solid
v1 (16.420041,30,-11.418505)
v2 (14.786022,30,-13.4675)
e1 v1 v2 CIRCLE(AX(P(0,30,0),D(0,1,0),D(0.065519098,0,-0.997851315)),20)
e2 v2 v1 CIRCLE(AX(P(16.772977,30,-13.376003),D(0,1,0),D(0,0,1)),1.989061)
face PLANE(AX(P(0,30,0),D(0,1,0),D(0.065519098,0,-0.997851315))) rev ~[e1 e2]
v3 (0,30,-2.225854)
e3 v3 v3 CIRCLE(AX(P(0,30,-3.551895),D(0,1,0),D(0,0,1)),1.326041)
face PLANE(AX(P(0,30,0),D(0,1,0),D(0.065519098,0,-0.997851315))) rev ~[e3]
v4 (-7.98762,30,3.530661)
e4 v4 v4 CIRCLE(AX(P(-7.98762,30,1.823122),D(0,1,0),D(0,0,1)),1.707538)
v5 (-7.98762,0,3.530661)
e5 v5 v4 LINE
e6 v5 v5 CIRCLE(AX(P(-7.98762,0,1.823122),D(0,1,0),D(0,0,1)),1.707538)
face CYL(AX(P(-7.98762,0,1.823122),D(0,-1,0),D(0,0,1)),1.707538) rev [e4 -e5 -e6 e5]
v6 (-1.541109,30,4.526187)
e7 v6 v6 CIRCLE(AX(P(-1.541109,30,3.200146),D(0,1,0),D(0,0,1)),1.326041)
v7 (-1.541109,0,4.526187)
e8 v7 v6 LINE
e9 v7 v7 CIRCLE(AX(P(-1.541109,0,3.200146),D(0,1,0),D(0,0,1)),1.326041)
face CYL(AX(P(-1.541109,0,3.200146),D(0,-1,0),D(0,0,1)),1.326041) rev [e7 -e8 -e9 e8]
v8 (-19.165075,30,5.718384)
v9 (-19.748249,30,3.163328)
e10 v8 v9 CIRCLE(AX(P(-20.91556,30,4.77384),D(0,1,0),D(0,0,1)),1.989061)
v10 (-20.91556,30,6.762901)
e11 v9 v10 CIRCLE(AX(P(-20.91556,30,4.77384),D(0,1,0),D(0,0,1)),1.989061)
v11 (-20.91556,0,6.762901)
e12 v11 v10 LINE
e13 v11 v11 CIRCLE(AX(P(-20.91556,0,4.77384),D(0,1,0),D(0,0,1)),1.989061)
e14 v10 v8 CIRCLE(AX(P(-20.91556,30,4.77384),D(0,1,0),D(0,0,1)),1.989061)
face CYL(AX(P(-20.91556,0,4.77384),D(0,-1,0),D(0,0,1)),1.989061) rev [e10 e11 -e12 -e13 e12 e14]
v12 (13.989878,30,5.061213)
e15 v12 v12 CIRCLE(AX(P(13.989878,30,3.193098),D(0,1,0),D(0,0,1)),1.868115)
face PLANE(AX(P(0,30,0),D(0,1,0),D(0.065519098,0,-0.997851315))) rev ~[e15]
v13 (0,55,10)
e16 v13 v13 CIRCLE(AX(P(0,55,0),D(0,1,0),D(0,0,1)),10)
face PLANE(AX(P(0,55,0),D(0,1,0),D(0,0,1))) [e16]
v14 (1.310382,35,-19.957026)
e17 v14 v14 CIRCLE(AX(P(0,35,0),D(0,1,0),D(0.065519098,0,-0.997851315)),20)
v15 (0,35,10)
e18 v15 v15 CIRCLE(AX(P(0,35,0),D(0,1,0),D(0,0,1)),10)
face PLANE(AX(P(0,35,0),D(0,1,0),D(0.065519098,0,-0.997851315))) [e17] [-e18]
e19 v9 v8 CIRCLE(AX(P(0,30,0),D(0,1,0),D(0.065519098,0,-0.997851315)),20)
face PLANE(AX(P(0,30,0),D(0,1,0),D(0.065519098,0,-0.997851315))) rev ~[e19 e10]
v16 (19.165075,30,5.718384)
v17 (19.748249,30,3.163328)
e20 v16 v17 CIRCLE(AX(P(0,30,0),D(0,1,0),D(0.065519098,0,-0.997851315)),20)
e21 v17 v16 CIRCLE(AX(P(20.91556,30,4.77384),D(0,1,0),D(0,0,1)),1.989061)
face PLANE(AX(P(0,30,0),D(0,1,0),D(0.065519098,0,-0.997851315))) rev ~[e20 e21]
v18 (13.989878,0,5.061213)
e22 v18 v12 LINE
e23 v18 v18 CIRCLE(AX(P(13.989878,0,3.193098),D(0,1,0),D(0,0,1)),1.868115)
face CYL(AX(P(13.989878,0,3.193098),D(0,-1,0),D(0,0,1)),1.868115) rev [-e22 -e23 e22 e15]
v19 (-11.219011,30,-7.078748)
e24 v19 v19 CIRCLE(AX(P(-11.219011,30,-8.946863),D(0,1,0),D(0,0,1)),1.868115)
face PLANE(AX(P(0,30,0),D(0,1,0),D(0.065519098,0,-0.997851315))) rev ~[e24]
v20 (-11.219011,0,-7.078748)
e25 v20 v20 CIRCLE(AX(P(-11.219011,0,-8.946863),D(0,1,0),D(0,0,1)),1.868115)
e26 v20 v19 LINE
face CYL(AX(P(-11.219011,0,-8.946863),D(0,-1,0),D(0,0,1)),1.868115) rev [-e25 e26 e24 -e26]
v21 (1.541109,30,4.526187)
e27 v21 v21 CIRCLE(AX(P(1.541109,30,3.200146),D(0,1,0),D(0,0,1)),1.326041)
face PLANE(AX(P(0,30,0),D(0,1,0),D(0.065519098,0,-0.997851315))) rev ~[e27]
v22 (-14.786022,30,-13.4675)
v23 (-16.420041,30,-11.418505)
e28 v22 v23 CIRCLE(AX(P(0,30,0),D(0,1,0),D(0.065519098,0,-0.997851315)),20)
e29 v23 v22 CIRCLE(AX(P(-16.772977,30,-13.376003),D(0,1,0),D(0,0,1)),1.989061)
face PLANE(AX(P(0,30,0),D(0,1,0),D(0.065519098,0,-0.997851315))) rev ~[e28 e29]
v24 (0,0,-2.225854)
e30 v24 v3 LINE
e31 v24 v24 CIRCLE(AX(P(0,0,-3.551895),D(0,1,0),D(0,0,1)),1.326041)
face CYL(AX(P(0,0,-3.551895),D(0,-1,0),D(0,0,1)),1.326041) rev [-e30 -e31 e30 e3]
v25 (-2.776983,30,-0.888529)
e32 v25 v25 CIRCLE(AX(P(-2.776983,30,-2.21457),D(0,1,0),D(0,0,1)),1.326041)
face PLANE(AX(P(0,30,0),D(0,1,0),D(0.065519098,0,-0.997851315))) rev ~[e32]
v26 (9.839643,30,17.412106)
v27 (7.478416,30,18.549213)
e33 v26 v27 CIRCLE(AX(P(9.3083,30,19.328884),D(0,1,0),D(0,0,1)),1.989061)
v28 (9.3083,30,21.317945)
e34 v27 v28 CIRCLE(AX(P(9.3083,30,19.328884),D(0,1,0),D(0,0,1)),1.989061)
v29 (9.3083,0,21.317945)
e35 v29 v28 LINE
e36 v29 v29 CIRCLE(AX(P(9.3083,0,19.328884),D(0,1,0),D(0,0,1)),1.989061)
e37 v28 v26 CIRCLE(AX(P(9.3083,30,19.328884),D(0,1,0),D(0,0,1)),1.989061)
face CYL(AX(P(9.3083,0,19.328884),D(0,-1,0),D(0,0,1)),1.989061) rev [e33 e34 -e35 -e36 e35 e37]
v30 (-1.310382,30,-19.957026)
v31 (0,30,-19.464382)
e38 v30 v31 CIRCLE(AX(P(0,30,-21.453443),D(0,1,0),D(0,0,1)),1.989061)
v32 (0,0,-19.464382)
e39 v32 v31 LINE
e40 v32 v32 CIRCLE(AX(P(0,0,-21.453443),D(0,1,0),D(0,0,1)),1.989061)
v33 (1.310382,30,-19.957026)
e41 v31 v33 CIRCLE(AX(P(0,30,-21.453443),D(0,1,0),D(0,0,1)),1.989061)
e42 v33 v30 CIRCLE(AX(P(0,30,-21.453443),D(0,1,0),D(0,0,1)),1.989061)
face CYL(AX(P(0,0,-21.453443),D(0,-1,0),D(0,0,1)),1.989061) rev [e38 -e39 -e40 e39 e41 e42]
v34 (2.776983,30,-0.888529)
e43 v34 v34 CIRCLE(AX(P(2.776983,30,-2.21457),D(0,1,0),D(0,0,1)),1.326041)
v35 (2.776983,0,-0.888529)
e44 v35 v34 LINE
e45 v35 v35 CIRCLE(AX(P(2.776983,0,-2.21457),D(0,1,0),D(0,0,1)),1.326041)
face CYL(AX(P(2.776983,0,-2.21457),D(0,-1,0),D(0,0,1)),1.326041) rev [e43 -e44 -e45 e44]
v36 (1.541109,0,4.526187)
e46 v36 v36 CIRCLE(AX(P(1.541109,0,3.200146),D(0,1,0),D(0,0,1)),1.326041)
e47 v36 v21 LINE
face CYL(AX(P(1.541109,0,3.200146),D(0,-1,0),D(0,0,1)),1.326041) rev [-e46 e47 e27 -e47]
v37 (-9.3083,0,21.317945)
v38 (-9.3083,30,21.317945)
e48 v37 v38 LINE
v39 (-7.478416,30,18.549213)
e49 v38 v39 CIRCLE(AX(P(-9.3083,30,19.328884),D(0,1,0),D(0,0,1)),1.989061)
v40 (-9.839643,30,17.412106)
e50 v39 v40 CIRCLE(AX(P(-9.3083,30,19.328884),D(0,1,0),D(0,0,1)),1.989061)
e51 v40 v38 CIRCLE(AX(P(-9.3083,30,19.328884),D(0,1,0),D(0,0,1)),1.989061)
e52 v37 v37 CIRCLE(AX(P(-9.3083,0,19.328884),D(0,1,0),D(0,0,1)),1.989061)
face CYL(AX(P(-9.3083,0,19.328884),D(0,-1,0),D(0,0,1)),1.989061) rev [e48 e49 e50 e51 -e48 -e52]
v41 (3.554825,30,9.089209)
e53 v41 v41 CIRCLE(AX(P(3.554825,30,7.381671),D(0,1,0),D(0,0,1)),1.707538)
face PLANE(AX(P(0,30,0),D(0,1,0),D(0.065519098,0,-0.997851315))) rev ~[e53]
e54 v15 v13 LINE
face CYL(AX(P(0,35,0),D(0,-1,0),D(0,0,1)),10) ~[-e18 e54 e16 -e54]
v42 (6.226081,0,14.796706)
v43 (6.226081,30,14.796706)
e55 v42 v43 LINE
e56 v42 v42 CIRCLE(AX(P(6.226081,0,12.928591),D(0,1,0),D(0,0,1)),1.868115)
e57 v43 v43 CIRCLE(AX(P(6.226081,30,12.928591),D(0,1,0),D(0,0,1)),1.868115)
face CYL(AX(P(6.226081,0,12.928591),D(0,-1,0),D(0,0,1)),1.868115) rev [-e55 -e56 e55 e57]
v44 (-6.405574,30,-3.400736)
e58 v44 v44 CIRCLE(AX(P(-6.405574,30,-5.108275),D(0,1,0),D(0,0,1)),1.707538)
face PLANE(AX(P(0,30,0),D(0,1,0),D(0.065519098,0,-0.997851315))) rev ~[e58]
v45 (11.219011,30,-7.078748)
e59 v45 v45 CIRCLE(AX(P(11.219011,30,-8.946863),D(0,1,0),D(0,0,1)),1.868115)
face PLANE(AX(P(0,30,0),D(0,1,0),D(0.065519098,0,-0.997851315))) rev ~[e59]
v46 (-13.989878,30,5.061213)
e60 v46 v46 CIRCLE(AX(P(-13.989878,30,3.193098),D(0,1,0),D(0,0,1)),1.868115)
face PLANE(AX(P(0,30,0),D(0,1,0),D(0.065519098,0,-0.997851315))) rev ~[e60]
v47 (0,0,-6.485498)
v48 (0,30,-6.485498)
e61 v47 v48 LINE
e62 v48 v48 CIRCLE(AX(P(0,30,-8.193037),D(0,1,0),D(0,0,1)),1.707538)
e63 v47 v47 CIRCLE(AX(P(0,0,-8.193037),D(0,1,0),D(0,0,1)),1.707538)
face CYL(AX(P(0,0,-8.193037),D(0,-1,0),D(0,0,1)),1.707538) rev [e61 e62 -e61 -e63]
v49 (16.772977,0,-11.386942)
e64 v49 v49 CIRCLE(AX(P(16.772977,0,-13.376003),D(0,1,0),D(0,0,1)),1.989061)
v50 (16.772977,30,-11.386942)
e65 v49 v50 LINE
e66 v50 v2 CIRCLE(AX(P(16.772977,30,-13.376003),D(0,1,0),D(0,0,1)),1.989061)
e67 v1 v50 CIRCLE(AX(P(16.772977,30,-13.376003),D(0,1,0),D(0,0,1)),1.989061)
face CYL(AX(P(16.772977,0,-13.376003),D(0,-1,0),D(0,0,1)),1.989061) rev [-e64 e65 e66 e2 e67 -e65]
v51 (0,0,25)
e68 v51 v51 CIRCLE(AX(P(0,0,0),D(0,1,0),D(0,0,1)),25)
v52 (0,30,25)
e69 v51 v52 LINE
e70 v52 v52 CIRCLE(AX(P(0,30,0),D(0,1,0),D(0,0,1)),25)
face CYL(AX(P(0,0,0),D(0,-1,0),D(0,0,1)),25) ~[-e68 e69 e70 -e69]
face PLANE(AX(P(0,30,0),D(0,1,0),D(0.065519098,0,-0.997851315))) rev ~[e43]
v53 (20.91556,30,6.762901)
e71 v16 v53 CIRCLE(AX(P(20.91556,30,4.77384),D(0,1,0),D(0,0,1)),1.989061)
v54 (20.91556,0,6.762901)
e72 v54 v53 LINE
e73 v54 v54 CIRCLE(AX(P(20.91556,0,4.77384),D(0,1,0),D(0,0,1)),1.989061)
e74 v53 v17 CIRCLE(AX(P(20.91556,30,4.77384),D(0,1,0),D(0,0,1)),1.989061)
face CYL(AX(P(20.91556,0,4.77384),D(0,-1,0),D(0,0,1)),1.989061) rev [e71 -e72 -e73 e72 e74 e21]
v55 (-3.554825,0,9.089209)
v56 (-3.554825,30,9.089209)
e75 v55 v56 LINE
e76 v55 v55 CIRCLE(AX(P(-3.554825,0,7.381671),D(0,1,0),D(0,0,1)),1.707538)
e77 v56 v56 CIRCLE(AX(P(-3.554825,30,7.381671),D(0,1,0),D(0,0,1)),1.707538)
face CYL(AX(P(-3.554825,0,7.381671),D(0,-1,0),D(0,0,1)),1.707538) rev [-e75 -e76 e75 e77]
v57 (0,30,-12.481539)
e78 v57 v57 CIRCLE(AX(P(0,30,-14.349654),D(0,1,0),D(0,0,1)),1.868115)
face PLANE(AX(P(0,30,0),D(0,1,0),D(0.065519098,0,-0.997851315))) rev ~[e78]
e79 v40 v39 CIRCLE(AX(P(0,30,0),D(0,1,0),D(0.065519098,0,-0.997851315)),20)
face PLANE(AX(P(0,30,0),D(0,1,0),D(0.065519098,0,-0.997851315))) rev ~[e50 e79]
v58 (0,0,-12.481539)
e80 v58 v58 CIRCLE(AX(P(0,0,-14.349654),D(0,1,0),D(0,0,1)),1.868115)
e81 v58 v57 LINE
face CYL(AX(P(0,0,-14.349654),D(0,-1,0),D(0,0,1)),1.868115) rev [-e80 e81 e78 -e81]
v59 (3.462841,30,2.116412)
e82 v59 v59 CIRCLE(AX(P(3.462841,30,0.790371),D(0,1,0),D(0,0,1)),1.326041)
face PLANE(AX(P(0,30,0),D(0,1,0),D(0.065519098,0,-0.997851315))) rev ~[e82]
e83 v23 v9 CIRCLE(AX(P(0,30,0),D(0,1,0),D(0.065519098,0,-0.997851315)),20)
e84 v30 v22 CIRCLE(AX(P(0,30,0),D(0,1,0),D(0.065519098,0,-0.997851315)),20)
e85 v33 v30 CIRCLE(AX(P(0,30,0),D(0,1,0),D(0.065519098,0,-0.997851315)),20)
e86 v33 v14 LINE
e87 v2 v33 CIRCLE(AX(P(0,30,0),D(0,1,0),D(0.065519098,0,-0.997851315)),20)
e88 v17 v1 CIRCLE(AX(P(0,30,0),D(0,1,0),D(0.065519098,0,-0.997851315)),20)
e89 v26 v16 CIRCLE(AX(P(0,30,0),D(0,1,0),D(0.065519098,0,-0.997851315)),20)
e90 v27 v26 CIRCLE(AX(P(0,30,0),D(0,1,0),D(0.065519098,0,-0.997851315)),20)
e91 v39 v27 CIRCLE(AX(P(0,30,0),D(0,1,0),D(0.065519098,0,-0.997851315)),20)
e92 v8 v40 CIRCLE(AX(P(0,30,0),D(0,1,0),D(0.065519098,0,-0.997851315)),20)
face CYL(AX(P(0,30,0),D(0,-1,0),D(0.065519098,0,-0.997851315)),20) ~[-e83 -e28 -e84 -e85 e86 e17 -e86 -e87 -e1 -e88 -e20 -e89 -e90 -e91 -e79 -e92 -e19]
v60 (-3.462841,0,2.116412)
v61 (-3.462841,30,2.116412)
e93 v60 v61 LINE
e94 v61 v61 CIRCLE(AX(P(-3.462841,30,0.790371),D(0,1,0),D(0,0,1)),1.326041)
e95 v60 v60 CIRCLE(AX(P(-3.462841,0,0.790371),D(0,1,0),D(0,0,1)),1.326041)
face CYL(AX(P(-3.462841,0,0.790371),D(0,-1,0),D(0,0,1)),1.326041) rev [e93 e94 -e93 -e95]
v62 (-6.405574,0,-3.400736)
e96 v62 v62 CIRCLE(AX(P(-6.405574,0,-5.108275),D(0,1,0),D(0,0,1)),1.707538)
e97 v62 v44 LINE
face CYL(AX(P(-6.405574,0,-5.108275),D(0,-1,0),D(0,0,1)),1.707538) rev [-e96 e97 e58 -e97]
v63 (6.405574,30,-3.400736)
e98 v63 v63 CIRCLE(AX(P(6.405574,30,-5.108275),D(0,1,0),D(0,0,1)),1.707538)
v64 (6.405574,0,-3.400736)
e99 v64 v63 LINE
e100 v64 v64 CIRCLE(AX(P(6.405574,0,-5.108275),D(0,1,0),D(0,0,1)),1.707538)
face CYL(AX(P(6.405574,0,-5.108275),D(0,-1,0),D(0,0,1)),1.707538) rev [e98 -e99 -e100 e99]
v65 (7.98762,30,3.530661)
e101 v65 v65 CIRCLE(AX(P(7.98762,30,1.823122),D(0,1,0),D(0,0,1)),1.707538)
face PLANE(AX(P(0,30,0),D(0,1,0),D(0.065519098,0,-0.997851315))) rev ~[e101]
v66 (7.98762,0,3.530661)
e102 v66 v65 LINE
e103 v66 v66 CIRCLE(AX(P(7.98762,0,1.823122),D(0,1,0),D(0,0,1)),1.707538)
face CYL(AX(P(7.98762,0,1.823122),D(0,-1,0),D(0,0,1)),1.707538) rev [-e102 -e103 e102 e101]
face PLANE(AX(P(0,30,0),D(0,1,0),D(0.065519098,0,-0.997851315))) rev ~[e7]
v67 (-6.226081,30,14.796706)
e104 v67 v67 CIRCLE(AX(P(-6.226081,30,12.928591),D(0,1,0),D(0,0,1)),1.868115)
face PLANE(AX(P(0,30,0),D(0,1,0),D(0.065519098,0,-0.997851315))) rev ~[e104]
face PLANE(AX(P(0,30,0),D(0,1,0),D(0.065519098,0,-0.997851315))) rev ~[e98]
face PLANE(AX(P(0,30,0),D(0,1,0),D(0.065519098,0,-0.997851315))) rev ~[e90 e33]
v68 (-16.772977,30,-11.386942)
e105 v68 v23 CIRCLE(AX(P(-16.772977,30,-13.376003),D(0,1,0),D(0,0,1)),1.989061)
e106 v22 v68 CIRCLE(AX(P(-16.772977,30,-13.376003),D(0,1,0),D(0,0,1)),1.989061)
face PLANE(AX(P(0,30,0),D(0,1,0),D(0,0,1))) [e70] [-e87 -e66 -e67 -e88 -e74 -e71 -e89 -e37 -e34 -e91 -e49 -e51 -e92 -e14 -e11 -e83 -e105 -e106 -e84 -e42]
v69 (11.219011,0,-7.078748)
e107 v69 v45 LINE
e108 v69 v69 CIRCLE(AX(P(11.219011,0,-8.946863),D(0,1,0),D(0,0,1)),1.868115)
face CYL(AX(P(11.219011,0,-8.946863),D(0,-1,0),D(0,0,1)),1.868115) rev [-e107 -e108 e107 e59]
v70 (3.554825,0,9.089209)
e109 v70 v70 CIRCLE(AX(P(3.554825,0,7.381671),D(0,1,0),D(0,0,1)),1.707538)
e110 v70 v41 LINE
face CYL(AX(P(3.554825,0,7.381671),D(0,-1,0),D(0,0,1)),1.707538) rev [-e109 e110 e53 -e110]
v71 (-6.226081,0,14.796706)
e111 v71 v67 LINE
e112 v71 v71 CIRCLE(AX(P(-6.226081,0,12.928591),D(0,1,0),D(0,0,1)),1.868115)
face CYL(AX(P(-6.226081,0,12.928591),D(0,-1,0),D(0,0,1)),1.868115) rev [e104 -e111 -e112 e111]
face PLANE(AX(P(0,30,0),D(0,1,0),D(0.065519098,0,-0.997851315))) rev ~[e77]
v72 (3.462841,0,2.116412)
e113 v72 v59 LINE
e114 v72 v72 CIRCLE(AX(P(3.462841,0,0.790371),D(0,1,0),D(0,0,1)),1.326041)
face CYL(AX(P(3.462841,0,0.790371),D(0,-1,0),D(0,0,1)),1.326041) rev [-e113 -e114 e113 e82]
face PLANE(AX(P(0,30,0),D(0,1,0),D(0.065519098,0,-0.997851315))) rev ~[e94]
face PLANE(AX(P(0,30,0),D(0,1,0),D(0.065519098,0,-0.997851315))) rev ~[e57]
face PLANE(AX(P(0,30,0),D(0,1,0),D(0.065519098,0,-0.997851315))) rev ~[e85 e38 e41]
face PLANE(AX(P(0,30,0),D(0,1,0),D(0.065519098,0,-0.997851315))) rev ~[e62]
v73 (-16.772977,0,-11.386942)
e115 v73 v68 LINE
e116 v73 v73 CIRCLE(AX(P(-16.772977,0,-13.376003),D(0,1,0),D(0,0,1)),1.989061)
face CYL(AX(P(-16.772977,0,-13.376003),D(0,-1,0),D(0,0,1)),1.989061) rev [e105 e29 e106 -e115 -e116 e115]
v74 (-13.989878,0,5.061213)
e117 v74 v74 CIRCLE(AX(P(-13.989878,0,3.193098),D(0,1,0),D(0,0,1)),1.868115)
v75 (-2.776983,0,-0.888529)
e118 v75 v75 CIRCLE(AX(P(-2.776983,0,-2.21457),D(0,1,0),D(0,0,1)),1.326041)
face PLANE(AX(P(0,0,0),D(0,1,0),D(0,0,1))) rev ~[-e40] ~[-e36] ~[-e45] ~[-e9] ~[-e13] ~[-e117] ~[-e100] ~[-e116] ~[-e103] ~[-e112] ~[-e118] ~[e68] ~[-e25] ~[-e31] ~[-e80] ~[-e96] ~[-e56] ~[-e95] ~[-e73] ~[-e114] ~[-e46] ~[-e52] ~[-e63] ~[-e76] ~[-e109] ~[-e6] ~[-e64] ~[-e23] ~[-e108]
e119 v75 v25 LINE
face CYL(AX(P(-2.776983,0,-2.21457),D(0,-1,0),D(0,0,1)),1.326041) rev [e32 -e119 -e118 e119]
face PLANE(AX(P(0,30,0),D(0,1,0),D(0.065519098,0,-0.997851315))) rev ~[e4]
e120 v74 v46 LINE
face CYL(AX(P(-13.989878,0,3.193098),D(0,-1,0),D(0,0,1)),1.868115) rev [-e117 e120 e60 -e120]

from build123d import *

# Parameters (mm, degrees)
SKETCH_1_R      = 25
SKETCH_1_R_2    = 1.326040619
SKETCH_1_R_3    = 1.707538373
SKETCH_1_R_4    = 1.989060928
SKETCH_1_R_5    = 1.868114934
EXTRUDE_1_DEPTH = 30
SKETCH_2_R      = 20
EXTRUDE_2_DEPTH = 5
SKETCH_3_R      = 10
EXTRUDE_3_DEPTH = 20


with BuildPart() as part:
    # 草图1 → 凸台-拉伸1 (new body)
    with BuildSketch(Plane(origin=(0, 0, 0), x_dir=(1, 0, 0), z_dir=(0, 1, 0))):
        with Locations(Location((0, 0, 0), (0, 0, 270))):
            Circle(SKETCH_1_R)
        with Locations(Location((0, 3.551894514, 0), (0, 0, 270))):
            Circle(SKETCH_1_R_2, mode=Mode.SUBTRACT)
        with Locations(Location((0, 8.19303668, 0), (0, 0, 270))):
            Circle(SKETCH_1_R_3, mode=Mode.SUBTRACT)
        with Locations(Location((0, 21.453442867, 0), (0, 0, 270))):
            Circle(SKETCH_1_R_4, mode=Mode.SUBTRACT)
        with Locations(Location((0, 14.349653838, 0), (0, 0, 270))):
            Circle(SKETCH_1_R_5, mode=Mode.SUBTRACT)
        with Locations(Location((2.776982954, 2.214570007, 0), (0, 0, 270))):
            Circle(SKETCH_1_R_2, mode=Mode.SUBTRACT)
        with Locations(Location((6.405574013, 5.108274816, 0), (0, 0, 270))):
            Circle(SKETCH_1_R_3, mode=Mode.SUBTRACT)
        with Locations(Location((11.219011133, 8.946862828, 0), (0, 0, 270))):
            Circle(SKETCH_1_R_5, mode=Mode.SUBTRACT)
        with Locations(Location((16.77297704, 13.376002842, 0), (0, 0, 270))):
            Circle(SKETCH_1_R_4, mode=Mode.SUBTRACT)
        with Locations(Location((3.462841103, -0.790370885, 0), (0, 0, 270))):
            Circle(SKETCH_1_R_2, mode=Mode.SUBTRACT)
        with Locations(Location((7.987620145, -1.823122174, 0), (0, 0, 270))):
            Circle(SKETCH_1_R_3, mode=Mode.SUBTRACT)
        with Locations(Location((13.989878057, -3.193098374, 0), (0, 0, 270))):
            Circle(SKETCH_1_R_5, mode=Mode.SUBTRACT)
        with Locations(Location((20.915560263, -4.773840143, 0), (0, 0, 270))):
            Circle(SKETCH_1_R_4, mode=Mode.SUBTRACT)
        with Locations(Location((1.541109273, -3.200146379, 0), (0, 0, 270))):
            Circle(SKETCH_1_R_2, mode=Mode.SUBTRACT)
        with Locations(Location((3.554825389, -7.381670982, 0), (0, 0, 270))):
            Circle(SKETCH_1_R_3, mode=Mode.SUBTRACT)
        with Locations(Location((6.226081462, -12.928591373, 0), (0, 0, 270))):
            Circle(SKETCH_1_R_5, mode=Mode.SUBTRACT)
        with Locations(Location((9.308300008, -19.328884132, 0), (0, 0, 270))):
            Circle(SKETCH_1_R_4, mode=Mode.SUBTRACT)
        with Locations(Location((-1.541109273, -3.200146379, 0), (0, 0, 270))):
            Circle(SKETCH_1_R_2, mode=Mode.SUBTRACT)
        with Locations(Location((-3.554825389, -7.381670982, 0), (0, 0, 270))):
            Circle(SKETCH_1_R_3, mode=Mode.SUBTRACT)
        with Locations(Location((-6.226081462, -12.928591373, 0), (0, 0, 270))):
            Circle(SKETCH_1_R_5, mode=Mode.SUBTRACT)
        with Locations(Location((-9.308300008, -19.328884132, 0), (0, 0, 270))):
            Circle(SKETCH_1_R_4, mode=Mode.SUBTRACT)
        with Locations(Location((-3.462841103, -0.790370885, 0), (0, 0, 270))):
            Circle(SKETCH_1_R_2, mode=Mode.SUBTRACT)
        with Locations(Location((-7.987620145, -1.823122174, 0), (0, 0, 270))):
            Circle(SKETCH_1_R_3, mode=Mode.SUBTRACT)
        with Locations(Location((-13.989878057, -3.193098374, 0), (0, 0, 270))):
            Circle(SKETCH_1_R_5, mode=Mode.SUBTRACT)
        with Locations(Location((-20.915560263, -4.773840143, 0), (0, 0, 270))):
            Circle(SKETCH_1_R_4, mode=Mode.SUBTRACT)
        with Locations(Location((-2.776982954, 2.214570007, 0), (0, 0, 270))):
            Circle(SKETCH_1_R_2, mode=Mode.SUBTRACT)
        with Locations(Location((-6.405574013, 5.108274816, 0), (0, 0, 270))):
            Circle(SKETCH_1_R_3, mode=Mode.SUBTRACT)
        with Locations(Location((-11.219011133, 8.946862828, 0), (0, 0, 270))):
            Circle(SKETCH_1_R_5, mode=Mode.SUBTRACT)
        with Locations(Location((-16.77297704, 13.376002842, 0), (0, 0, 270))):
            Circle(SKETCH_1_R_4, mode=Mode.SUBTRACT)
    extrude(amount=EXTRUDE_1_DEPTH)

    # 草图2 → 凸台-拉伸2 (add)
    with BuildSketch(Plane(origin=(0, 30, 0), x_dir=(1, 0, 0), z_dir=(0, 1, 0))):
        with Locations(Location((0, 0, 0), (0, 0, 86.243341215))):
            Circle(SKETCH_2_R)
    extrude(amount=EXTRUDE_2_DEPTH)

    # 草图3 → 凸台-拉伸3 (add)
    with BuildSketch(Plane(origin=(0, 35, 0), x_dir=(1, 0, 0), z_dir=(0, 1, 0))):
        with Locations(Location((0, 0, 0), (0, 0, 270))):
            Circle(SKETCH_3_R)
    extrude(amount=EXTRUDE_3_DEPTH)


solid = part.part
